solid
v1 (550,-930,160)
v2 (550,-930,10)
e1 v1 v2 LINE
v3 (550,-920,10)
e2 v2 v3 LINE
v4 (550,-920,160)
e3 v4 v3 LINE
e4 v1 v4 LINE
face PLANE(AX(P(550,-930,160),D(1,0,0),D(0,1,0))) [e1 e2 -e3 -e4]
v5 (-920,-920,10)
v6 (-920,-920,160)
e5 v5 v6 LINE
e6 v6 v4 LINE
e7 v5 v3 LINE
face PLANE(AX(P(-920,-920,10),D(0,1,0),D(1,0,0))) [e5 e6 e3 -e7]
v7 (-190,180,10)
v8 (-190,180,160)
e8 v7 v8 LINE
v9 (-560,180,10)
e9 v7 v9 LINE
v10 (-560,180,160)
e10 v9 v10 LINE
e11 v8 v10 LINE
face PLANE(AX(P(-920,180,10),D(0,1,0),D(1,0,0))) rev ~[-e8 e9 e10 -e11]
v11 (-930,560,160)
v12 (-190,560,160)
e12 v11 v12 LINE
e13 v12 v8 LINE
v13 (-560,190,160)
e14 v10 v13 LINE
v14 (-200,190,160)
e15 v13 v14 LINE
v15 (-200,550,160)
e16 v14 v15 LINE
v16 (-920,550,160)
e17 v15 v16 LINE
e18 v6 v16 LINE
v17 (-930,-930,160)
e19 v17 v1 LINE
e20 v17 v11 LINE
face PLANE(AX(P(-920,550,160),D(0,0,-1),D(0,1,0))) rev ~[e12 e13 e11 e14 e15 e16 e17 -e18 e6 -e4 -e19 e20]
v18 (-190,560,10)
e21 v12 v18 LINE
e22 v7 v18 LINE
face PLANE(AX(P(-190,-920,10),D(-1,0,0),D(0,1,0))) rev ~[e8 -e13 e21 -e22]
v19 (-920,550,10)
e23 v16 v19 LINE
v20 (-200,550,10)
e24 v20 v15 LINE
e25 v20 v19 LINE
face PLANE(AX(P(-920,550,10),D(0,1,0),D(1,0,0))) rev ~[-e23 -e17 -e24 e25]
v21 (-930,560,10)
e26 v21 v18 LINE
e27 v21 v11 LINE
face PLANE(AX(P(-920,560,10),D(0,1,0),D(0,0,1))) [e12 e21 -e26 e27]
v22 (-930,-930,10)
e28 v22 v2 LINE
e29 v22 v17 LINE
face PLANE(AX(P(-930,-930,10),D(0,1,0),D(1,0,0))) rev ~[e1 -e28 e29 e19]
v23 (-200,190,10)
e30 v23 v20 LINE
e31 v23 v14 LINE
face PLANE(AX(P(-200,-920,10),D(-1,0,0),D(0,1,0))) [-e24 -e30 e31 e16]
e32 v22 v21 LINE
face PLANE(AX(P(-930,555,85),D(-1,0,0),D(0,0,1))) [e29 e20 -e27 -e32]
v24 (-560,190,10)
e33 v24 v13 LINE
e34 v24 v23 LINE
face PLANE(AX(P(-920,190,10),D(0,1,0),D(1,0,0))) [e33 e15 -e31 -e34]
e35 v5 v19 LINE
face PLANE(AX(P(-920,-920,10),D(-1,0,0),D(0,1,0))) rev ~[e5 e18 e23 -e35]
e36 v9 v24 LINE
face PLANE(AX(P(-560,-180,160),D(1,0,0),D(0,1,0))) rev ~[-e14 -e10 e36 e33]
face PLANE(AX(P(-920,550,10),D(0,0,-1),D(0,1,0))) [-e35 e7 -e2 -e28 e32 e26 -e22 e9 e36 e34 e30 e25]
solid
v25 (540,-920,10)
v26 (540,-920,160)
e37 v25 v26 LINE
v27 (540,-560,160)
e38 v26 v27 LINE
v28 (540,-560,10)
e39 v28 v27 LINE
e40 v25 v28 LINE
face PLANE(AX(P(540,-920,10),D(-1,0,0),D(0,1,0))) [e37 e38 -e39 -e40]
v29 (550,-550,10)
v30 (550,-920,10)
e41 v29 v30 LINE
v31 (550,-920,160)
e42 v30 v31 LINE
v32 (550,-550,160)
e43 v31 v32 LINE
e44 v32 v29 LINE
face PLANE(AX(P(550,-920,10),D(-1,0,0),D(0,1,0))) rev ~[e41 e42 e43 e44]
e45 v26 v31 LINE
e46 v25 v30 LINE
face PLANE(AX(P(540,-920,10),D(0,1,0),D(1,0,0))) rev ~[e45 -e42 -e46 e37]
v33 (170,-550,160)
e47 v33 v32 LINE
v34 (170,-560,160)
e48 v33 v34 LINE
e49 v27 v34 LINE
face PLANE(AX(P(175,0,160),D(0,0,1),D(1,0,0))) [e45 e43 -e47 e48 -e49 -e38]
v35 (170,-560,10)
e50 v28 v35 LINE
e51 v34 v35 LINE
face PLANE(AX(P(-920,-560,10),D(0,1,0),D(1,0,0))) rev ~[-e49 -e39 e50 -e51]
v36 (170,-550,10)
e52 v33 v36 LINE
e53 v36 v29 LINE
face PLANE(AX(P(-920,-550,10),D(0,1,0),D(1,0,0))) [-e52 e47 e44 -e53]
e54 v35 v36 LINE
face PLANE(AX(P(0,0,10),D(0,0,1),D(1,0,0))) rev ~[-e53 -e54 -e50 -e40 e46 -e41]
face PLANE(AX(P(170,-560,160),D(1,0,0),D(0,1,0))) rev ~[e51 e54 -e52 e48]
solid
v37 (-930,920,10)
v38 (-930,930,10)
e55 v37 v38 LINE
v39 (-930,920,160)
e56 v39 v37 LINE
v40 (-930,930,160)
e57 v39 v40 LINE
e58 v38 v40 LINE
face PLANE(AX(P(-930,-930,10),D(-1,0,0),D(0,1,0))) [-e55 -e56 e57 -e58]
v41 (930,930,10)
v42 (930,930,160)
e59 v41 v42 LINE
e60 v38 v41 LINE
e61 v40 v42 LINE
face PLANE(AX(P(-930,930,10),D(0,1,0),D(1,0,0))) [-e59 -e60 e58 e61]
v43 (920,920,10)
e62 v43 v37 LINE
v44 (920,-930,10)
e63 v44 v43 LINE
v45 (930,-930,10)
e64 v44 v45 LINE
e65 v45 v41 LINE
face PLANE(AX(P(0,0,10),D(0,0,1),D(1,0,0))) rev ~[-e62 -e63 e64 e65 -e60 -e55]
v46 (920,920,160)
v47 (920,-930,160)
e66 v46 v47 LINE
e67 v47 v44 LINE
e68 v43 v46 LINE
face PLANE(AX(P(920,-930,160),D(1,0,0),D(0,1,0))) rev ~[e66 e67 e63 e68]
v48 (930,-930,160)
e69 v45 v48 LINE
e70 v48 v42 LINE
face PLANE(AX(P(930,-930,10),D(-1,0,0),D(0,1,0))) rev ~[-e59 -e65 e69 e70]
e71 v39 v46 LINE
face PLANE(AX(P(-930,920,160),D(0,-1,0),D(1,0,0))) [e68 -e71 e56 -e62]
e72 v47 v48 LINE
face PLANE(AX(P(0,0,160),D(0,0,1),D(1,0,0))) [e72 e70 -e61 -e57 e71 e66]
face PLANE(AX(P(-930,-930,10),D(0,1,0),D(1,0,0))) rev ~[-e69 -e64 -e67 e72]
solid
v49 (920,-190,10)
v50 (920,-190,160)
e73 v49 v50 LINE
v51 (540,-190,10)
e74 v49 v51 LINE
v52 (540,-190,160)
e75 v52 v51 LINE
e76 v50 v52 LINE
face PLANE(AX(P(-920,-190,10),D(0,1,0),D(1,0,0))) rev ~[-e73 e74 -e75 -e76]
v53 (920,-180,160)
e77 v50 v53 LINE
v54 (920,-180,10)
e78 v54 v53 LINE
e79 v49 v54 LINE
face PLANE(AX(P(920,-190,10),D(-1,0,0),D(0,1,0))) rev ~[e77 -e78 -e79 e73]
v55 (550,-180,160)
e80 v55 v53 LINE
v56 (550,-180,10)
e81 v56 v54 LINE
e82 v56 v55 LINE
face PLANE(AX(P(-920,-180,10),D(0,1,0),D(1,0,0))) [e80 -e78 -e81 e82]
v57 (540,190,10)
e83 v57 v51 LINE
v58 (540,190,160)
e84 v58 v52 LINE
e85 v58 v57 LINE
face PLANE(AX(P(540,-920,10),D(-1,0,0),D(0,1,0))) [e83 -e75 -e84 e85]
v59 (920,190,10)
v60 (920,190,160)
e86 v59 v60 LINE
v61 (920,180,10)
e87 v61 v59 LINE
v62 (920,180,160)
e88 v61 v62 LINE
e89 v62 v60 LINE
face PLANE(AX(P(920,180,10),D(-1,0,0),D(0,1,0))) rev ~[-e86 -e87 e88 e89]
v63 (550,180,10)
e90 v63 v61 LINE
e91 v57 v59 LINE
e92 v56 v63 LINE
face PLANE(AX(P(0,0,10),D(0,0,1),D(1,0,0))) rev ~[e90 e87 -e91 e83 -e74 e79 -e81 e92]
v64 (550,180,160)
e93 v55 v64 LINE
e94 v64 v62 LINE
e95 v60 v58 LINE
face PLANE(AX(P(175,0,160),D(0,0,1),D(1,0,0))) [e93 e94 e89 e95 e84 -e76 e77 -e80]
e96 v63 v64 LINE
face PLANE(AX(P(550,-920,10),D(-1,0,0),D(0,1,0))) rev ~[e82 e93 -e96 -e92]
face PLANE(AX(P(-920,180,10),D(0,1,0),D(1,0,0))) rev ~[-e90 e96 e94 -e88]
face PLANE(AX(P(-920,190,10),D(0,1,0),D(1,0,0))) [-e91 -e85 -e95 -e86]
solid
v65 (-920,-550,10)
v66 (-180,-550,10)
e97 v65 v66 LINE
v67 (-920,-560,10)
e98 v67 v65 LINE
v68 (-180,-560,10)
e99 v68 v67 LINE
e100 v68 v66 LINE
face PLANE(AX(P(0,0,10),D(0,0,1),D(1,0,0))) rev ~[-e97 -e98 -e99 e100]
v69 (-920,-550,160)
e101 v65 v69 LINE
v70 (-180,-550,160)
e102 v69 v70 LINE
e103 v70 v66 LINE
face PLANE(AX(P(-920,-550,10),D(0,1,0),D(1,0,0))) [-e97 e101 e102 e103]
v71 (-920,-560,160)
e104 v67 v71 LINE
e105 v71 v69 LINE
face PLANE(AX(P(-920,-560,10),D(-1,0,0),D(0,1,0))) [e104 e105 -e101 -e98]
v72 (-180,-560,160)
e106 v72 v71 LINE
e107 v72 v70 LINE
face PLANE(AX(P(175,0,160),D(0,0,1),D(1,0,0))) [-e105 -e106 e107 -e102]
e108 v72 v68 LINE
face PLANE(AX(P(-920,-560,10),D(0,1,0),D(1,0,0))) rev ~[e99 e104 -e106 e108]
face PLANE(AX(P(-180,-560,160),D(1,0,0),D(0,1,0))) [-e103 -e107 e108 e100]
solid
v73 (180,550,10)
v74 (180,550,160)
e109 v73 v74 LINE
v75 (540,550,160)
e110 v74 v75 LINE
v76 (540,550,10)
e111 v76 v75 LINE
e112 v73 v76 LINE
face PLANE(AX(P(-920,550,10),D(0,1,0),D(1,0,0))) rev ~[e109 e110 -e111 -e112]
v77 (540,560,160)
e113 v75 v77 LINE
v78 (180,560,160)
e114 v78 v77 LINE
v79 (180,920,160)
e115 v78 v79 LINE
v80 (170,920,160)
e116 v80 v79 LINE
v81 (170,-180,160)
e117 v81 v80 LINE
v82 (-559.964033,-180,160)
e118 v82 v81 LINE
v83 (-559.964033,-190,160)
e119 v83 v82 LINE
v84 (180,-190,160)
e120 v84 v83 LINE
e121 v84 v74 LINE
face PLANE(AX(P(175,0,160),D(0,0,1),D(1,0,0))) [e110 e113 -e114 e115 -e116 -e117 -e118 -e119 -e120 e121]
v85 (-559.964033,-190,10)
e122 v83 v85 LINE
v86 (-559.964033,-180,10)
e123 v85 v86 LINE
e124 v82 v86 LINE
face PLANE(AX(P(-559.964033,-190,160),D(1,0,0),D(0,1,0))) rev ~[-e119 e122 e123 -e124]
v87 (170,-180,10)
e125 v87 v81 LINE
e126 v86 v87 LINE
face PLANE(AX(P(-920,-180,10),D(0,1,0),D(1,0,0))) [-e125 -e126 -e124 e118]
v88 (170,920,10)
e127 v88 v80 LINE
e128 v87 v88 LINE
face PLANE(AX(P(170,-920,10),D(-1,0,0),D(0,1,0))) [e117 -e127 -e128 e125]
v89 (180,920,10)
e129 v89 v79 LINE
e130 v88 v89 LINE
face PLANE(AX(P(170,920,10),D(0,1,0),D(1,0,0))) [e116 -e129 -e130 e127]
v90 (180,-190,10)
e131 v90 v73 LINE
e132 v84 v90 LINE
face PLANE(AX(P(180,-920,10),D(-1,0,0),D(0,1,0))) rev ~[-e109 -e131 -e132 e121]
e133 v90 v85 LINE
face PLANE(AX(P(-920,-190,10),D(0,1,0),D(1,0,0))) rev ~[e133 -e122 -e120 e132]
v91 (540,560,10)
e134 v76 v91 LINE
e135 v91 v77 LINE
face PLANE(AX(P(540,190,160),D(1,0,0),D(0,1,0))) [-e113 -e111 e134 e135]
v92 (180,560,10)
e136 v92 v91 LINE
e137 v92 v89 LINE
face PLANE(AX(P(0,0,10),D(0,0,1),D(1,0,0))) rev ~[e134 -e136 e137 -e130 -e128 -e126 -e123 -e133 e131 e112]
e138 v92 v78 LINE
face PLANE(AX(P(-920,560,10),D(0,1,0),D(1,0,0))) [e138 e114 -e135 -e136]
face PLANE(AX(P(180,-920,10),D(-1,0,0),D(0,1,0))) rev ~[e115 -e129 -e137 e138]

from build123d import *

# Parameters (mm, degrees)
SKETCH1_W           = 1860
SKETCH1_H           = 1860
BOSS_EXTRUDE1_DEPTH = 10
SKETCH2_W           = 1860
SKETCH2_H           = 1860
SKETCH2_W_2         = 1840
SKETCH2_H_2         = 1840
EXTRUDE_THIN1_DEPTH = 150
SKETCH3_W           = 1840
SKETCH3_H           = 10
BOSS_EXTRUDE2_DEPTH = 150
LPATTERN1_COUNT     = 4
LPATTERN1_PITCH     = 370
SKETCH4_W           = 10
SKETCH4_H           = 1840
BOSS_EXTRUDE3_DEPTH = 150
LPATTERN2_COUNT     = 4
LPATTERN2_PITCH     = 370
SKETCH8_W           = 370
SKETCH8_H           = 10
CUT_EXTRUDE6_DEPTH  = 150
SKETCH9_W           = 370
SKETCH9_H           = 10
CUT_EXTRUDE7_DEPTH  = 150
SKETCH10_W          = 360
SKETCH10_H          = 10
CUT_EXTRUDE8_DEPTH  = 150
SKETCH11_W          = 360
SKETCH11_H          = 10
CUT_EXTRUDE9_DEPTH  = 150
SKETCH12_W          = 10
SKETCH12_H          = 730
CUT_EXTRUDE10_DEPTH = 150
SKETCH13_W          = 10
SKETCH13_H          = 360
CUT_EXTRUDE11_DEPTH = 150
SKETCH14_W          = 10
SKETCH14_H          = 360
CUT_EXTRUDE12_DEPTH = 150
SKETCH15_W          = 10
SKETCH15_H          = 360
CUT_EXTRUDE13_DEPTH = 150
SKETCH16_W          = 10
SKETCH16_H          = 360
CUT_EXTRUDE14_DEPTH = 150
SKETCH17_W          = 350
SKETCH17_H          = 10
CUT_EXTRUDE15_DEPTH = 150
SKETCH18_W          = 10
SKETCH18_H          = 360
CUT_EXTRUDE16_DEPTH = 150
SKETCH19_W          = 10
SKETCH19_H          = 360
CUT_EXTRUDE17_DEPTH = 150
SKETCH20_W          = 10
SKETCH20_H          = 730
CUT_EXTRUDE18_DEPTH = 150
SKETCH21_W          = 350
SKETCH21_H          = 10
CUT_EXTRUDE19_DEPTH = 150
SKETCH22_W          = 10
SKETCH22_H          = 360
CUT_EXTRUDE20_DEPTH = 150
SKETCH23_W          = 350
SKETCH23_H          = 10
CUT_EXTRUDE21_DEPTH = 150
SKETCH24_W          = 360.035966522
SKETCH24_H          = 10
CUT_EXTRUDE22_DEPTH = 150
SKETCH25_W          = 10
SKETCH25_H          = 360
CUT_EXTRUDE23_DEPTH = 150
SKETCH26_W          = 10
SKETCH26_H          = 360
CUT_EXTRUDE24_DEPTH = 150
SKETCH27_W          = 360
SKETCH27_H          = 10
CUT_EXTRUDE25_DEPTH = 150
SKETCH28_W          = 370
SKETCH28_H          = 10
CUT_EXTRUDE26_DEPTH = 150
SKETCH30_W          = 10
SKETCH30_H          = 370
CUT_EXTRUDE29_DEPTH = 150
SKETCH31_W          = 10
SKETCH31_H          = 360
CUT_EXTRUDE30_DEPTH = 150
SKETCH32_W          = 1860
SKETCH32_H          = 1860
CUT_EXTRUDE33_DEPTH = 10
SKETCH33_W          = 10
SKETCH33_H          = 10
CUT_EXTRUDE34_DEPTH = 1324.744688375
SKETCH34_W          = 150
SKETCH34_H          = 10
BOSS_EXTRUDE4_DEPTH = 10


with BuildPart() as part:
    # Sketch1 → Boss-Extrude1 (new body)
    with BuildSketch(Plane.XY):
        Rectangle(SKETCH1_W, SKETCH1_H)
    extrude(amount=BOSS_EXTRUDE1_DEPTH)

    # Sketch3 → Boss-Extrude2 (add)
    with BuildSketch(Plane.XY.offset(10)):
        with Locations((0, -555)):
            Rectangle(SKETCH3_W, SKETCH3_H)
    boss_extrude2 = extrude(amount=BOSS_EXTRUDE2_DEPTH)

    # LPattern1: Boss-Extrude2 ×4
    with Locations(*[(0, i * LPATTERN1_PITCH, 0) for i in range(1, LPATTERN1_COUNT)]):
        add(boss_extrude2)

    # Sketch4 → Boss-Extrude3 (add)
    with BuildSketch(Plane.XY.offset(10)):
        with Locations((545, 0)):
            Rectangle(SKETCH4_W, SKETCH4_H)
    boss_extrude3 = extrude(amount=BOSS_EXTRUDE3_DEPTH)

    # LPattern2: Boss-Extrude3 ×4
    with Locations(*[(-i * LPATTERN2_PITCH, 0, 0) for i in range(1, LPATTERN2_COUNT)]):
        add(boss_extrude3)

    # Sketch8 → Cut-Extrude6 (cut)
    with BuildSketch(Plane.XY.offset(160)):
        with Locations((735, -555)):
            Rectangle(SKETCH8_W, SKETCH8_H)
    extrude(amount=-CUT_EXTRUDE6_DEPTH, mode=Mode.SUBTRACT)

    # Sketch9 → Cut-Extrude7 (cut)
    with BuildSketch(Plane.XY.offset(160)):
        with Locations((735, 555)):
            Rectangle(SKETCH9_W, SKETCH9_H)
    extrude(amount=-CUT_EXTRUDE7_DEPTH, mode=Mode.SUBTRACT)

    # Sketch10 → Cut-Extrude8 (cut)
    with BuildSketch(Plane.XY.offset(160)):
        with Locations((360, 185)):
            Rectangle(SKETCH10_W, SKETCH10_H)
    extrude(amount=-CUT_EXTRUDE8_DEPTH, mode=Mode.SUBTRACT)

    # Sketch11 → Cut-Extrude9 (cut)
    with BuildSketch(Plane.XY.offset(160)):
        with Locations((360, -185)):
            Rectangle(SKETCH11_W, SKETCH11_H)
    extrude(amount=-CUT_EXTRUDE9_DEPTH, mode=Mode.SUBTRACT)

    # Sketch12 → Cut-Extrude10 (cut)
    with BuildSketch(Plane.XY.offset(160)):
        with Locations((545, 555)):
            Rectangle(SKETCH12_W, SKETCH12_H)
    extrude(amount=-CUT_EXTRUDE10_DEPTH, mode=Mode.SUBTRACT)

    # Sketch13 → Cut-Extrude11 (cut)
    with BuildSketch(Plane.XY.offset(160)):
        with Locations((545, -370)):
            Rectangle(SKETCH13_W, SKETCH13_H)
    extrude(amount=-CUT_EXTRUDE11_DEPTH, mode=Mode.SUBTRACT)

    # Sketch14 → Cut-Extrude12 (cut)
    with BuildSketch(Plane.XY.offset(160)):
        with Locations((-565, -740)):
            Rectangle(SKETCH14_W, SKETCH14_H)
    extrude(amount=-CUT_EXTRUDE12_DEPTH, mode=Mode.SUBTRACT)

    # Sketch15 → Cut-Extrude13 (cut)
    with BuildSketch(Plane.XY.offset(160)):
        with Locations((-195, -740)):
            Rectangle(SKETCH15_W, SKETCH15_H)
    extrude(amount=-CUT_EXTRUDE13_DEPTH, mode=Mode.SUBTRACT)

    # Sketch16 → Cut-Extrude14 (cut)
    with BuildSketch(Plane.XY.offset(160)):
        with Locations((175, -740)):
            Rectangle(SKETCH16_W, SKETCH16_H)
    extrude(amount=-CUT_EXTRUDE14_DEPTH, mode=Mode.SUBTRACT)

    # Sketch17 → Cut-Extrude15 (cut)
    with BuildSketch(Plane.XY.offset(160)):
        with Locations((-5, -555)):
            Rectangle(SKETCH17_W, SKETCH17_H)
    extrude(amount=-CUT_EXTRUDE15_DEPTH, mode=Mode.SUBTRACT)

    # Sketch18 → Cut-Extrude16 (cut)
    with BuildSketch(Plane.XY.offset(160)):
        with Locations((-195, -370)):
            Rectangle(SKETCH18_W, SKETCH18_H)
    extrude(amount=-CUT_EXTRUDE16_DEPTH, mode=Mode.SUBTRACT)

    # Sketch19 → Cut-Extrude17 (cut)
    with BuildSketch(Plane.XY.offset(160)):
        with Locations((-565, -370)):
            Rectangle(SKETCH19_W, SKETCH19_H)
    extrude(amount=-CUT_EXTRUDE17_DEPTH, mode=Mode.SUBTRACT)

    # Sketch20 → Cut-Extrude18 (cut)
    with BuildSketch(Plane.XY.offset(160)):
        with Locations((-565, 185)):
            Rectangle(SKETCH20_W, SKETCH20_H)
    extrude(amount=-CUT_EXTRUDE18_DEPTH, mode=Mode.SUBTRACT)

    # Sketch21 → Cut-Extrude19 (cut)
    with BuildSketch(Plane.XY.offset(160)):
        with Locations((-745, 185)):
            Rectangle(SKETCH21_W, SKETCH21_H)
    extrude(amount=-CUT_EXTRUDE19_DEPTH, mode=Mode.SUBTRACT)

    # Sketch22 → Cut-Extrude20 (cut)
    with BuildSketch(Plane.XY.offset(160)):
        with Locations((-195, 0)):
            Rectangle(SKETCH22_W, SKETCH22_H)
    extrude(amount=-CUT_EXTRUDE20_DEPTH, mode=Mode.SUBTRACT)

    # Sketch23 → Cut-Extrude21 (cut)
    with BuildSketch(Plane.XY.offset(160)):
        with Locations((-5, 185)):
            Rectangle(SKETCH23_W, SKETCH23_H)
    extrude(amount=-CUT_EXTRUDE21_DEPTH, mode=Mode.SUBTRACT)

    # Sketch24 → Cut-Extrude22 (cut)
    with BuildSketch(Plane.XY.offset(160)):
        with Locations((-739.982016739, -185)):
            Rectangle(SKETCH24_W, SKETCH24_H)
    extrude(amount=-CUT_EXTRUDE22_DEPTH, mode=Mode.SUBTRACT)

    # Sketch25 → Cut-Extrude23 (cut)
    with BuildSketch(Plane.XY.offset(160)):
        with Locations((-565, 740)):
            Rectangle(SKETCH25_W, SKETCH25_H)
    extrude(amount=-CUT_EXTRUDE23_DEPTH, mode=Mode.SUBTRACT)

    # Sketch26 → Cut-Extrude24 (cut)
    with BuildSketch(Plane.XY.offset(160)):
        with Locations((-195, 740)):
            Rectangle(SKETCH26_W, SKETCH26_H)
    extrude(amount=-CUT_EXTRUDE24_DEPTH, mode=Mode.SUBTRACT)

    # Sketch27 → Cut-Extrude25 (cut)
    with BuildSketch(Plane.XY.offset(160)):
        with Locations((-10, 555)):
            Rectangle(SKETCH27_W, SKETCH27_H)
    extrude(amount=-CUT_EXTRUDE25_DEPTH, mode=Mode.SUBTRACT)

    # Sketch31 → Cut-Extrude30 (cut)
    with BuildSketch(Plane.XY.offset(160)):
        with Locations((175, -370)):
            Rectangle(SKETCH31_W, SKETCH31_H)
    extrude(amount=-CUT_EXTRUDE30_DEPTH, mode=Mode.SUBTRACT)

    # Sketch32 → Cut-Extrude33 (cut)
    with BuildSketch(Plane.XY.offset(10)):
        Rectangle(SKETCH32_W, SKETCH32_H)
    extrude(amount=-CUT_EXTRUDE33_DEPTH, mode=Mode.SUBTRACT)


with BuildPart() as body_2:
    # Sketch2 → Extrude-Thin1 (new body)
    with BuildSketch(Plane.XY.offset(10)):
        Rectangle(SKETCH2_W, SKETCH2_H)
        Rectangle(SKETCH2_W_2, SKETCH2_H_2, mode=Mode.SUBTRACT)
    extrude(amount=EXTRUDE_THIN1_DEPTH)

    # Sketch28 → Cut-Extrude26 (cut)
    with BuildSketch(Plane.XY.offset(160)):
        with Locations((735, -925)):
            Rectangle(SKETCH28_W, SKETCH28_H)
    extrude(amount=-CUT_EXTRUDE26_DEPTH, mode=Mode.SUBTRACT)

    # Sketch30 → Cut-Extrude29 (cut)
    with BuildSketch(Plane.XY.offset(160)):
        with Locations((-925, 735)):
            Rectangle(SKETCH30_W, SKETCH30_H)
    extrude(amount=-CUT_EXTRUDE29_DEPTH, mode=Mode.SUBTRACT)


with BuildPart() as cut_extrude29_piece_1:
    # of the separate pieces the step leaves, piece 1, a body of its own (cut_extrude29_pieces)
    add(body_2.part.solids().sort_by_distance((930, 930, 10))[0])


with BuildPart() as cut_extrude29_piece_2:
    # of the separate pieces the step leaves, piece 2, a body of its own (cut_extrude29_pieces)
    add(body_2.part.solids().sort_by_distance((-930, -930, 10))[0])



with BuildPart() as cut_extrude33_piece_1:
    # of the separate pieces the step leaves, piece 1, a body of its own (cut_extrude33_pieces)
    add(part.part.solids().sort_by_distance((-559.964033478, -180, 160))[0])


with BuildPart() as cut_extrude33_piece_2:
    # of the separate pieces the step leaves, piece 2, a body of its own (cut_extrude33_pieces)
    add(part.part.solids().sort_by_distance((-180, 190, 10))[0])

    # Sketch33 → Cut-Extrude34 (cut, through all)
    with BuildSketch(Plane(origin=(0, 0, 10), x_dir=(-1, 0, 0), z_dir=(0, 0, -1))):
        with Locations((185, 185)):
            Rectangle(SKETCH33_W, SKETCH33_H)
    extrude(amount=-CUT_EXTRUDE34_DEPTH, mode=Mode.SUBTRACT)


with BuildPart() as cut_extrude33_piece_3:
    # of the separate pieces the step leaves, piece 3, a body of its own (cut_extrude33_pieces)
    add(part.part.solids().sort_by_distance((540, -190, 160))[0])


with BuildPart() as cut_extrude33_piece_4:
    # of the separate pieces the step leaves, piece 4, a body of its own (cut_extrude33_pieces)
    add(part.part.solids().sort_by_distance((550, -550, 10))[0])


with BuildPart() as cut_extrude33_piece_5:
    # of the separate pieces the step leaves, piece 5, a body of its own (cut_extrude33_pieces)
    add(part.part.solids().sort_by_distance((-920, -550, 10))[0])


with BuildPart() as cut_extrude29_piece_2_1:
    add(cut_extrude29_piece_2.part)

    add(cut_extrude33_piece_2.part)  # Boss-Extrude4 merges Cut-Extrude33 piece 2
    # Sketch34 → Boss-Extrude4 (add)
    with BuildSketch(Plane.ZY.offset(920)):
        with Locations((85, 555)):
            Rectangle(SKETCH34_W, SKETCH34_H)
    extrude(amount=BOSS_EXTRUDE4_DEPTH)


solid = Compound([cut_extrude29_piece_1.part, cut_extrude33_piece_1.part, cut_extrude33_piece_3.part, cut_extrude33_piece_4.part, cut_extrude33_piece_5.part, cut_extrude29_piece_2_1.part])
